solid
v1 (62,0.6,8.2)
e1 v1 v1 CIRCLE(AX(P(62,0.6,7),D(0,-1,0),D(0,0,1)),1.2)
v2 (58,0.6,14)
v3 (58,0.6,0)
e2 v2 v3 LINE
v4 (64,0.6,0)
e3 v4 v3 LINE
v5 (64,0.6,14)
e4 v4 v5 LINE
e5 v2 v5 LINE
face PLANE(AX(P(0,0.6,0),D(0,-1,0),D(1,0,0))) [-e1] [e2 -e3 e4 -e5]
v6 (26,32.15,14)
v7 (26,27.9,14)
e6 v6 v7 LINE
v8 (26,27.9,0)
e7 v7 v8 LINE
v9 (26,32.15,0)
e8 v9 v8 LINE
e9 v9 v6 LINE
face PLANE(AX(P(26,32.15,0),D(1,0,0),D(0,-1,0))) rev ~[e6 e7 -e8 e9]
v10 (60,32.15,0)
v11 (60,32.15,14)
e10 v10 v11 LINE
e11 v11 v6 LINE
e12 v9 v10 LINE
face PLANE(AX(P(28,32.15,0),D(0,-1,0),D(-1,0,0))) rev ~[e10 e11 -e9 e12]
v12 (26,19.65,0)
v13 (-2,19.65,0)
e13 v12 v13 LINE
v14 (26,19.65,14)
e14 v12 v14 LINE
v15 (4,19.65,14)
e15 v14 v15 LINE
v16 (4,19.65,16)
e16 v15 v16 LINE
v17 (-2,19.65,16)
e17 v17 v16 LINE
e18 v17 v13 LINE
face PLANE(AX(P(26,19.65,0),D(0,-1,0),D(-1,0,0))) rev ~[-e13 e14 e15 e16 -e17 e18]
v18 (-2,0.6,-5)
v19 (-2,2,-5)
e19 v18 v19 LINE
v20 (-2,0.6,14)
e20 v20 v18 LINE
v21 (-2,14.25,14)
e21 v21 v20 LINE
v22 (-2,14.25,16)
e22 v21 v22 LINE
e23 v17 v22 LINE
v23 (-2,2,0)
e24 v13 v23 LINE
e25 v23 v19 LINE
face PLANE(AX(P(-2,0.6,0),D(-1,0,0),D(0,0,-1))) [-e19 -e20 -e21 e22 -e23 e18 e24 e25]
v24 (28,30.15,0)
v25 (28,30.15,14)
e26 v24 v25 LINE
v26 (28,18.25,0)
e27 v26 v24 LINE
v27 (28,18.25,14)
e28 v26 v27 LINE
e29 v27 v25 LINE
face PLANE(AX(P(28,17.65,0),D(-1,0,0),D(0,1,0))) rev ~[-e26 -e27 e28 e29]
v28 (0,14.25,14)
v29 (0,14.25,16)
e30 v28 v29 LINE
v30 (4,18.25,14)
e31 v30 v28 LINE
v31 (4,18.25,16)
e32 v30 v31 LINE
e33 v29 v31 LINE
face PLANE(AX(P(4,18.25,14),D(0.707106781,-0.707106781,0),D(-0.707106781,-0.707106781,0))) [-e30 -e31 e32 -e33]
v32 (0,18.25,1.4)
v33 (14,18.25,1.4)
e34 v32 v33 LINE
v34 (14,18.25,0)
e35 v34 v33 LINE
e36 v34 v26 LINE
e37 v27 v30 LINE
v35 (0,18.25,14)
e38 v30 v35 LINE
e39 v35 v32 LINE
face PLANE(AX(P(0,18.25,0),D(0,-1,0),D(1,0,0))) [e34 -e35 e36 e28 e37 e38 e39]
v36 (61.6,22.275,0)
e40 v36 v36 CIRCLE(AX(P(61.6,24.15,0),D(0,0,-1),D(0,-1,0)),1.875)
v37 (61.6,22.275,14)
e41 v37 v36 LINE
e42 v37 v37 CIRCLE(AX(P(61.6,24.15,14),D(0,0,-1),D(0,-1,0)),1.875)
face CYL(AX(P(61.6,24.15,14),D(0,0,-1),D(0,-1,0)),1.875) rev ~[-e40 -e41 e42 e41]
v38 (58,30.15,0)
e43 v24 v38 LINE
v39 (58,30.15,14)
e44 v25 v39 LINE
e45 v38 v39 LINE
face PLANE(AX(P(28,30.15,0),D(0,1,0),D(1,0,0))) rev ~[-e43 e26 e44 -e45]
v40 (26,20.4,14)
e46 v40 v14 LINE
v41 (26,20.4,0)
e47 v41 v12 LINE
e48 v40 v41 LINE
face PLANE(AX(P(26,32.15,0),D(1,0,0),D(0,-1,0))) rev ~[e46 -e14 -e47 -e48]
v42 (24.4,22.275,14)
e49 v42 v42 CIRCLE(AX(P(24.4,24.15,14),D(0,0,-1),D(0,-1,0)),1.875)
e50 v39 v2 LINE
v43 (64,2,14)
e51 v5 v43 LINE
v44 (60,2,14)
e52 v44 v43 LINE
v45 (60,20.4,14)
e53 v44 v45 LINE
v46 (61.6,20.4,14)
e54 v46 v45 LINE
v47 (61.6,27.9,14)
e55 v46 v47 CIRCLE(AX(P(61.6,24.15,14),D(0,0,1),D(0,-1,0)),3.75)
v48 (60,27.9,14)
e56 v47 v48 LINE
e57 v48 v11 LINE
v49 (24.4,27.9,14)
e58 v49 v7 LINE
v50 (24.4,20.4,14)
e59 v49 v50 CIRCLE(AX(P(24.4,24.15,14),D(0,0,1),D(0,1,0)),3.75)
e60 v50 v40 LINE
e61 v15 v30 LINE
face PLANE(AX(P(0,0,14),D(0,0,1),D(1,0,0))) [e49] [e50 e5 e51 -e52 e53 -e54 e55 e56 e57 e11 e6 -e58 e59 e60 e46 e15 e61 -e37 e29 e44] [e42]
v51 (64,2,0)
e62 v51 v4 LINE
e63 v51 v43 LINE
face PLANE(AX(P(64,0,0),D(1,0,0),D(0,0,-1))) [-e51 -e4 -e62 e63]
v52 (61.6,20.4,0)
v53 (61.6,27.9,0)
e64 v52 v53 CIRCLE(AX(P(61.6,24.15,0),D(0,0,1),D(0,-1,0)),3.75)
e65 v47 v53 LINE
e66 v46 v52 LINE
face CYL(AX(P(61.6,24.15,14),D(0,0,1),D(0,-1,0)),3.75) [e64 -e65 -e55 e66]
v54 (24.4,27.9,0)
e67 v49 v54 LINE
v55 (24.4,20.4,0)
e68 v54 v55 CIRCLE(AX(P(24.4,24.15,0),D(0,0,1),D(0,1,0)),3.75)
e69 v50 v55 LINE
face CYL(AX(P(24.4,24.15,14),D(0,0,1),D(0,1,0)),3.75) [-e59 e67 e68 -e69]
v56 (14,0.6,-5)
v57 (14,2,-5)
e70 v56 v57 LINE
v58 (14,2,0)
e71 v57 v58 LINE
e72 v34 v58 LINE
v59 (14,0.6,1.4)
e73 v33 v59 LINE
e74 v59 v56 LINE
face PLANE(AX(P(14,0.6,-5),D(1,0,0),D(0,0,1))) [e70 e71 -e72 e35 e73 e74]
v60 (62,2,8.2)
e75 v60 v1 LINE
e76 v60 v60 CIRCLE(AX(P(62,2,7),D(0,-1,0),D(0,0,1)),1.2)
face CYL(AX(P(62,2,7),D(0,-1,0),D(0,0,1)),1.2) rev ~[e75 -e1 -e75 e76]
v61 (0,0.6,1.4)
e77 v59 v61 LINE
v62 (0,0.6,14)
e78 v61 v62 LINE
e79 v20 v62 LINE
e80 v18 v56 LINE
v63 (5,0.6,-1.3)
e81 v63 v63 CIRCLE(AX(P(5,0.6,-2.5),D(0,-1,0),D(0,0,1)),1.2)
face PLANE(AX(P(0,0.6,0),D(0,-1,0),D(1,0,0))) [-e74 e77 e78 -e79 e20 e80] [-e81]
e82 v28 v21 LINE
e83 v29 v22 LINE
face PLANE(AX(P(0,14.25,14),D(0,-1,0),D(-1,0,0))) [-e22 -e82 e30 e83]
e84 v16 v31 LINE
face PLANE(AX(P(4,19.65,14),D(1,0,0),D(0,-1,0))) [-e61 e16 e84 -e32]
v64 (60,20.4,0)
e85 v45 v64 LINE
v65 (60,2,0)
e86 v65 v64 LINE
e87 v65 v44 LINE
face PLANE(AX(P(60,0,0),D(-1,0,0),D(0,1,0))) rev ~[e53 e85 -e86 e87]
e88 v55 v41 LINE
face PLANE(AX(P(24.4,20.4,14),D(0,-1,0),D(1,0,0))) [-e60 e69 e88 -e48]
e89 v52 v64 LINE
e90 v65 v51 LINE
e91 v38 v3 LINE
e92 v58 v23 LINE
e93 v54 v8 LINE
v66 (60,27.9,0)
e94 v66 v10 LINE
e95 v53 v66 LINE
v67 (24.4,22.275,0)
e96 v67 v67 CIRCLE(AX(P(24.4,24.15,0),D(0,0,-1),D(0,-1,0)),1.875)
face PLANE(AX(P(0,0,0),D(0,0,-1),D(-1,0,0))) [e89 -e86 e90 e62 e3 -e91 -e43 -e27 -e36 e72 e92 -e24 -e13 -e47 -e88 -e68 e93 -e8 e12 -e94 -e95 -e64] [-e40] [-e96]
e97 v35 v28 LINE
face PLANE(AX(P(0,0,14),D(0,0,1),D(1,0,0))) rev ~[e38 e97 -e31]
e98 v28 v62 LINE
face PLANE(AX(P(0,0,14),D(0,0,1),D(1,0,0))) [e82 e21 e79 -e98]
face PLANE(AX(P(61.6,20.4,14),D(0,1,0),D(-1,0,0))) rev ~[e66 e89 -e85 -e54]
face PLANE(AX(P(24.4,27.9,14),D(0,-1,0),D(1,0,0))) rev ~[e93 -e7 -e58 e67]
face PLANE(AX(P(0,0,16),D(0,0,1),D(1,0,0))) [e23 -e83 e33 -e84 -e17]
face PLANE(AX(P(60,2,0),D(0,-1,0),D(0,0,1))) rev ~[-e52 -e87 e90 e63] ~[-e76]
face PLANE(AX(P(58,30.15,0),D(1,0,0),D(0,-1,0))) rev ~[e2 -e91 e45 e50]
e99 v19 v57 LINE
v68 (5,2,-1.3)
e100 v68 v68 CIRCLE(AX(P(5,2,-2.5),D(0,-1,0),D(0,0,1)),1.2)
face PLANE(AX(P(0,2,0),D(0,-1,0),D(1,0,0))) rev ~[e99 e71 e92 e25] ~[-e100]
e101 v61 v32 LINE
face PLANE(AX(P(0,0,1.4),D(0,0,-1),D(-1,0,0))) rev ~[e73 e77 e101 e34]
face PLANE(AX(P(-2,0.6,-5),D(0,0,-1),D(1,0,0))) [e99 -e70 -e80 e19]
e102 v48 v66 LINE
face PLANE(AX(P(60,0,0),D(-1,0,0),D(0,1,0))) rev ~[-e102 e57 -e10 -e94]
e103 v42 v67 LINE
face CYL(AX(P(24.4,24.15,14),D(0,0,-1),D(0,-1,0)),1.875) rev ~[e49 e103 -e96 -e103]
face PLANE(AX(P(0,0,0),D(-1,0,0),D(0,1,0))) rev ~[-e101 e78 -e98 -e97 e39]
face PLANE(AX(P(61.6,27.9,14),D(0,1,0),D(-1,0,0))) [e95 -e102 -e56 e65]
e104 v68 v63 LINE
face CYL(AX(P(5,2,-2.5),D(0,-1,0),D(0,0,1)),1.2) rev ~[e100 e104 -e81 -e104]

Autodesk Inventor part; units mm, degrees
ref_plane "YZ Plane" through (0, 0, 0) normal (1, 0, 0) x (0, 1, 0)
ref_plane "XZ Plane" through (0, 0, 0) normal (0, 1, 0) x (-1, 0, 0)
ref_plane "XY Plane" through (0, 0, 0) normal (0, 0, 1) x (1, 0, 0)
sketch "スケッチ1" plane through (0, 0, 0) normal (0, 0, 1) x (1, 0, 0)
  line L0 (0, 0) -> (0, 17.65)
  line L1 (0, 17.65) -> (28, 17.65)
  line L2 (28, 17.65) -> (28, 30.15)
  line L3 (28, 30.15) -> (58, 30.15)
  line L4 (58, 30.15) -> (58, 0)
  line L5 (58, 0) -> (60, 0)
  line L6 (60, 0) -> (60, 32.15)
  line L7 (60, 32.15) -> (28, 32.15)
  line L8 (28, 32.15) -> (26, 32.15)
  line L9 (26, 32.15) -> (26, 19.65)
  line L10 (26, 19.65) -> (-2, 19.65)
  line L11 (-2, 19.65) -> (-2, 0)
  line L12 (-2, 0) -> (0, 0)
  dimension "d0" = 17.65
  dimension "d1" = 28
  dimension "d2" = 12.5
  dimension "d3" = 30
  dimension "d4" = 2
  dimension "d5" = 32.15
  dimension "d6" = 32
  dimension "d7" = 2
  dimension "d8" = 12.5
  dimension "d9" = 28
extrude "押し出し1" add sketch "スケッチ1" along normal blind 14
sketch "スケッチ2" plane through (60, 0, 0) normal (1, 0, 0) x (0, 0, -1)
  line L0 (0, 0) -> (-14, 0) projected
  line L1 (-14, 0) -> (0, 0)
  line L2 (0, 0) -> (0, 2)
  line L3 (0, 2) -> (-14, 2)
  line L4 (-14, 2) -> (-14, 0)
  dimension "d12" = 14
  dimension "d13" = 2
extrude "押し出し2" add sketch "スケッチ2" along normal blind 7
sketch "スケッチ4" plane through (0, 0, 14) normal (0, 0, 1) x (1, 0, 0)
  line L0 (60, 32.15) -> (60, 24.15)
  line L1 (60, 24.15) -> (61.6, 24.15)
  arc A0 (61.6, 20.4) -> (61.6, 27.9) centre (61.6, 24.15) ccw
  line L2 (61.6, 24.15) -> (61.6, 20.4) construction
  line L3 (61.6, 24.15) -> (61.6, 27.9) construction
  line L4 (61.6, 27.9) -> (60, 27.9)
  line L5 (61.6, 20.4) -> (60, 20.4)
  line L6 (60, 2) -> (60, 32.15) projected
  line L7 (60, 27.9) -> (60, 20.4)
  point P0 (0, 0)
  dimension "d47" = 8
  dimension "d48" = 1.6
  dimension "d49" = 3.75
  dimension "d50" = 180
extrude "押し出し4" add sketch "スケッチ4" against normal blind 14
hole "穴3" at (61.6, 24.15, 14) direction (0, 0, -1) diameter 3.75 end through all
sketch "スケッチ7" plane through (0, 0, 14) normal (0, 0, 1) x (1, 0, 0)
  line L0 (60, 32.15) -> (26, 32.15) projected
  line L1 (26, 32.15) -> (26, 24.15)
  line L2 (26, 24.15) -> (24.4, 24.15)
  arc A0 (24.4, 27.9) -> (24.4, 20.4) centre (24.4, 24.15) ccw
  line L3 (24.4, 27.9) -> (26, 27.9)
  line L4 (24.4, 20.4) -> (26, 20.4)
  line L5 (26, 20.4) -> (26, 27.9)
  line L6 (26, 32.15) -> (26, 19.65) projected
  circle A1 centre (24.4, 24.15) radius 1.875
  point P0 (0, 0)
  dimension "d60" = 8
  dimension "d61" = 1.6
  dimension "d62" = 3.75
  dimension "d63" = 3.75
extrude "押し出し6" add sketch "スケッチ7" against normal blind 14 contours L1 A1 L5 L4 A0 L3 | L1 L5 A1 picked at (23.6929, 24.15)
hole "穴4" at (24.4, 24.15, 14) direction (0, 0, -1) diameter 3.75 end through all
sketch "スケッチ10" plane through (0, 17.65, 0) normal (0, -1, 0) x (1, 0, 0)
  line L0 (28, 14) -> (58, 14) projected
  line L1 (0, 0) -> (28, 0)
  line L2 (28, 0) -> (28, 14)
  line L3 (28, 14) -> (0, 14)
  line L4 (0, 14) -> (0, 0)
extrude "押し出し7" cut sketch "スケッチ10" against normal blind 0.6
sketch "スケッチ11" plane through (0, 0, 0) normal (0, -1, 0) x (1, 0, 0)
  line L0 (-2, 14) -> (0, 14) projected
  line L1 (60, 0) -> (67, 0) projected
  line L2 (-9, 14) -> (67, 14)
  line L3 (67, 14) -> (67, 0)
  line L4 (67, 0) -> (-9, 0)
  line L5 (-9, 0) -> (-9, 14)
  point P0 (0, 0)
extrude "押し出し8" cut sketch "スケッチ11" against normal blind 0.6
sketch "スケッチ12" plane through (0, 0, 14) normal (0, 0, 1) x (1, 0, 0)
  line L0 (-2, 19.65) -> (-2, 0.6) projected
  line L1 (-2, 19.65) -> (4, 19.65)
  line L2 (26, 19.65) -> (-2, 19.65) projected
  line L3 (4, 19.65) -> (4, 18.25)
  line L4 (0, 18.25) -> (28, 18.25) projected
  line L5 (4, 18.25) -> (0.2844, 14.5344)
  line L6 (4, 18.25) -> (9.2547, 18.25) construction
  line L7 (0.2844, 14.5344) -> (0, 14.25)
  line L8 (0, 0.6) -> (0, 18.25) projected
  line L9 (0, 14.25) -> (-2, 14.25)
  line L10 (-2, 14.25) -> (-2, 19.65)
  point P0 (0, 0)
  point P1 (-2, 2)
  dimension "d79" = 6
  dimension "d80" = 135
extrude "押し出し9" add sketch "スケッチ12" along normal blind 2
sketch "スケッチ15" plane through (0, 0, 0) normal (0, 0, -1) x (-1, 0, 0)
  line L0 (0, 0.6) -> (0, 18.25) projected
  line L1 (0, 18.25) -> (-14, 18.25)
  line L2 (-14, 18.25) -> (-14, 0.6)
  line L3 (-14, 0.6) -> (0, 0.6)
  line L4 (0, 0.6) -> (0, 18.25)
  point P0 (0, 0)
  dimension "d88" = 14
extrude "押し出し11" add sketch "スケッチ15" against normal blind 1.4
sketch "スケッチ17" plane through (67, 0, 0) normal (1, 0, 0) x (0, 0, -1)
  line L0 (0, 0.6) -> (-14, 0.6) projected
  line L1 (0, 0.6) -> (-14, 0.6)
  line L2 (-14, 0.6) -> (-14, 9.5309)
  line L3 (-14, 9.5309) -> (0, 9.5309)
  line L4 (0, 9.5309) -> (0, 0.6)
  point P0 (0, 0)
extrude "押し出し13" cut sketch "スケッチ17" against normal blind 3
ref_plane "作業平面1" through (-9, 0, 0) normal (-1, 0, 0) x (0, 0, 1)
sketch "スケッチ18" plane through (-9, 0, 0) normal (-1, 0, 0) x (0, 0, 1)
  line L0 (0, 0.6) -> (14, 0.6) projected
  line L1 (0, 0.6) -> (14, 0.6)
  line L2 (14, 0.6) -> (14, 6.5)
  line L3 (14, 6.5) -> (0, 6.5)
  line L4 (0, 6.5) -> (0, 0.6)
  point P0 (0, 0)
extrude "押し出し14" cut sketch "スケッチ18" against normal blind 3
hole "穴6" at (62, 2, 7) direction (0, -1, 0) diameter 2.4 end through all
sketch "スケッチ19" plane through (0, 0.6, 0) normal (0, -1, 0) x (1, 0, 0)
  line L0 (14, 1.4) -> (14, 0) projected
  line L1 (14, 0) -> (-2, 0)
  line L2 (-2, 0) -> (-2, -5)
  line L3 (-2, -5) -> (14, -5)
  line L4 (14, -5) -> (14, 0)
  point P0 (0, 0)
  dimension "d115" = 5
extrude "押し出し15" add sketch "スケッチ19" against normal blind 1.4
hole "穴7" at (5, 2, -2.5) direction (0, -1, 0) diameter 2.4 end through all
properties part number "センサ冶具2個積み左"
